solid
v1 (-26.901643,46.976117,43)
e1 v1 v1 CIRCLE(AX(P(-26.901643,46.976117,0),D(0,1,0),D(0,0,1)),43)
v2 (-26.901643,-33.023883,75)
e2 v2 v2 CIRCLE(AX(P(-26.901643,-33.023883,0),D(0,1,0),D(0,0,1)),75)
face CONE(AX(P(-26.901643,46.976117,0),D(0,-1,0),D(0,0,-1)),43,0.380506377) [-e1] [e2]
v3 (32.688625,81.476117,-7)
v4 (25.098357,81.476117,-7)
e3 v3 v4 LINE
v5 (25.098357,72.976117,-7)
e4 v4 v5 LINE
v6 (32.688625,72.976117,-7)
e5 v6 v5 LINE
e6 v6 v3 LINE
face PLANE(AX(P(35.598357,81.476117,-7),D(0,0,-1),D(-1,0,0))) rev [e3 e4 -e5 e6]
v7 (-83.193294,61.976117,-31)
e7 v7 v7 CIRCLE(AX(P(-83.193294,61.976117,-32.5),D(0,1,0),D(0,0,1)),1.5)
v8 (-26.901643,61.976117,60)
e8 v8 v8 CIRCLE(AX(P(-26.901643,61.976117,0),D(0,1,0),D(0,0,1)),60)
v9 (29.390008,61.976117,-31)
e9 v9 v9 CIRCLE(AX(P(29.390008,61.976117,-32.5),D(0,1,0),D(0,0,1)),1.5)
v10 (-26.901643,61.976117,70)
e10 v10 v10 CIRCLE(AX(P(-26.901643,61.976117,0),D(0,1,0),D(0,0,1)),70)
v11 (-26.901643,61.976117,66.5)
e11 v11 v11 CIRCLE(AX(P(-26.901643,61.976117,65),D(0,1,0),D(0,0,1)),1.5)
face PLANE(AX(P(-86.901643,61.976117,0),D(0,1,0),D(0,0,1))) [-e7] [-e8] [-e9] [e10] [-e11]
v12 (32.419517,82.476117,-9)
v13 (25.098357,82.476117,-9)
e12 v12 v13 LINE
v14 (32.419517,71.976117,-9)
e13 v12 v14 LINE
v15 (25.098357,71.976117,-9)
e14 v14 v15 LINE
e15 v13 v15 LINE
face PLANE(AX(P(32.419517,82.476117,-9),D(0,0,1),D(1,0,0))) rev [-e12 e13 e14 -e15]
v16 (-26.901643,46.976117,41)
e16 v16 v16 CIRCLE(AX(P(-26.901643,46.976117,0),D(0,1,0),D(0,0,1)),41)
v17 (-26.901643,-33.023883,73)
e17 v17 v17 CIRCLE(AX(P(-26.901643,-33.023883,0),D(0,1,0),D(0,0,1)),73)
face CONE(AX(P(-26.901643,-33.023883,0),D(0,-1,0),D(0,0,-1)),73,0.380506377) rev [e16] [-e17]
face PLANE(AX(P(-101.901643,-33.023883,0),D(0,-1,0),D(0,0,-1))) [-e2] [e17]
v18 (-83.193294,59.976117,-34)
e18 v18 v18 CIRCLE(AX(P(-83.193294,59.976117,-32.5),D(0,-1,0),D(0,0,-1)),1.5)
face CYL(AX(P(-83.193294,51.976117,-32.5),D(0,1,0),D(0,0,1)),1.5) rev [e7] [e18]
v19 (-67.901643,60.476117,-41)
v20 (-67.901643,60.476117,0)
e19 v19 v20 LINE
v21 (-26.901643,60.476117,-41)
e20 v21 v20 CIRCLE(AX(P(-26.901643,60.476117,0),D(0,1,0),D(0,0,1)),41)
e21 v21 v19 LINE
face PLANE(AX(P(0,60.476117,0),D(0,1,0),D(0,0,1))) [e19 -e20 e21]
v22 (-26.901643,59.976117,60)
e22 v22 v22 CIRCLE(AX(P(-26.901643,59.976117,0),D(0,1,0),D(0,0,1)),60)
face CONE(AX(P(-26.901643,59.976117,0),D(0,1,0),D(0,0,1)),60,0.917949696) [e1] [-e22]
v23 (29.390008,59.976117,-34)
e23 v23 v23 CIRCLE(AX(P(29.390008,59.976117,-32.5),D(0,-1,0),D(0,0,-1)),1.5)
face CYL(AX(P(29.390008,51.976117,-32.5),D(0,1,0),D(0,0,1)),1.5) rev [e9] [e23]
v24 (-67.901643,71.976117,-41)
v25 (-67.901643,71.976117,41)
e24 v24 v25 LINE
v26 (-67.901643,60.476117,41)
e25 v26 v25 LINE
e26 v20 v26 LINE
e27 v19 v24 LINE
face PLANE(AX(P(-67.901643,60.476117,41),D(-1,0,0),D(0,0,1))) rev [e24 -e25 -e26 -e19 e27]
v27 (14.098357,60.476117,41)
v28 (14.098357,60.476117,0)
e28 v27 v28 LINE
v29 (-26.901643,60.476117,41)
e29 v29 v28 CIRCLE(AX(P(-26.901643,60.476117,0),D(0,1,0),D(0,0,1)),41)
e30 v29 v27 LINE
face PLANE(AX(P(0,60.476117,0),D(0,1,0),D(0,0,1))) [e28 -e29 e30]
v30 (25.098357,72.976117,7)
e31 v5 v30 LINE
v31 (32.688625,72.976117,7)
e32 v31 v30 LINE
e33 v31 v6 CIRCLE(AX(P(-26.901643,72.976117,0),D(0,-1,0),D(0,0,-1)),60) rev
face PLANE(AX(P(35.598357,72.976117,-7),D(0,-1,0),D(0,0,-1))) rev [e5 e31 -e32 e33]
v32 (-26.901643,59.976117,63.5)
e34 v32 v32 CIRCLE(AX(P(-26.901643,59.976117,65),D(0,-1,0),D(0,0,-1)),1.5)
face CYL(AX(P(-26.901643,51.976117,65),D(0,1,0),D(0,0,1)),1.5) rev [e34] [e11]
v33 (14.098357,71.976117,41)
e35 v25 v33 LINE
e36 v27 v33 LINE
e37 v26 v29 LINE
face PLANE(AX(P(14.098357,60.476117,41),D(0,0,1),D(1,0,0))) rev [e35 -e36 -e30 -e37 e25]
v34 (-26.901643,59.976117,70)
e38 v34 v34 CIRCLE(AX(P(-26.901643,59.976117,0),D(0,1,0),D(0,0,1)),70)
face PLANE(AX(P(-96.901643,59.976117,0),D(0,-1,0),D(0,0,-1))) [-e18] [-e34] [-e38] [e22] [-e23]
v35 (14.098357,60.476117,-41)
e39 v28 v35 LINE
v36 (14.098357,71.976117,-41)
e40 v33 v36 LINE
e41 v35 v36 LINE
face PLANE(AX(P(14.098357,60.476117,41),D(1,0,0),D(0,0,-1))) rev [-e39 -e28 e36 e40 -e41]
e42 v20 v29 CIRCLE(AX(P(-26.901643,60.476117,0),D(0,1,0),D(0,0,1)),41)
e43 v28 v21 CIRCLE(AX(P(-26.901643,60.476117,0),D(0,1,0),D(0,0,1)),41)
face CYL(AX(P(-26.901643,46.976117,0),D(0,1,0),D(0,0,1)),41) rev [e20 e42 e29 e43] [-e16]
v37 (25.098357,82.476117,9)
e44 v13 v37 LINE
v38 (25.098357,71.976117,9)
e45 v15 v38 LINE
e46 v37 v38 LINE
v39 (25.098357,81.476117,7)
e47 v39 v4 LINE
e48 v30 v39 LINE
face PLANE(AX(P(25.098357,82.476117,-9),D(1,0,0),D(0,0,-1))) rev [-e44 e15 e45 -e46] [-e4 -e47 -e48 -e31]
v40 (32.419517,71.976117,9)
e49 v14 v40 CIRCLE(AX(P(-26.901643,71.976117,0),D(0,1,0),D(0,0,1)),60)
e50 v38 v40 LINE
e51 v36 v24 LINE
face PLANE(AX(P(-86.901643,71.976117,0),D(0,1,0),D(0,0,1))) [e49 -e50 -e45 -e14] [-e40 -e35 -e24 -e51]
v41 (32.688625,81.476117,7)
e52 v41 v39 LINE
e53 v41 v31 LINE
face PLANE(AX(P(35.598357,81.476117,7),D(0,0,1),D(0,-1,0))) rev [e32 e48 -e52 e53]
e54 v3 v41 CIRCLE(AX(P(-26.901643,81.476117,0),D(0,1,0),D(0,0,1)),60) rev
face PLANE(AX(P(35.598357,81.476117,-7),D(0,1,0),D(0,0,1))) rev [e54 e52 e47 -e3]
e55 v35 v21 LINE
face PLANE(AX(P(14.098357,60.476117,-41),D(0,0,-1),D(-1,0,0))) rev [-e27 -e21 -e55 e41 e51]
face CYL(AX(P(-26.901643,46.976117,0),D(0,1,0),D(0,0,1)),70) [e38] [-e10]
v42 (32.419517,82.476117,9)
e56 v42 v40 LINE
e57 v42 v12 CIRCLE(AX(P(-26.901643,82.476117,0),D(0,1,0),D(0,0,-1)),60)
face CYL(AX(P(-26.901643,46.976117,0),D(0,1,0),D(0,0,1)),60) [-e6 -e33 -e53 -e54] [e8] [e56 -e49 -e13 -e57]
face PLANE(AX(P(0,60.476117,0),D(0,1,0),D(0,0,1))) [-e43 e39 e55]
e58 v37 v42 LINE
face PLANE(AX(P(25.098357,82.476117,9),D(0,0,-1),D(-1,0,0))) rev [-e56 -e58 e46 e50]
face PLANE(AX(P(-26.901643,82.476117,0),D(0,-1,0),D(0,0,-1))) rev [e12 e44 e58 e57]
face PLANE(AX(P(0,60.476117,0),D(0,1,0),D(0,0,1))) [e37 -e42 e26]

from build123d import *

# Parameters (mm, degrees)
CROQUIS2_W              = 82
CROQUIS2_H              = 82
CORTAR_EXTRUIR1_DEPTH   = 11.5
SALIENTE_EXTRUIR1_DEPTH = 10.5
CROQUIS4_W              = 14
CROQUIS4_H              = 8.5
CORTAR_EXTRUIR2_DEPTH   = 10.5
CROQUIS5_R              = 1.5
CORTAR_EXTRUIR3_DEPTH   = 10


with BuildPart() as part:
    # Croquis1 → Revolución1 (revolve)
    with BuildSketch(Plane.XY):
        Polygon((-67.901642817, 46.97611702), (-67.901642817, 61.97611702), (-67.901642817, 71.97611702), (-86.901642817, 71.97611702), (-86.901642817, 61.97611702), (-96.901642817, 61.97611702), (-96.901642817, 59.97611702), (-86.901642817, 59.97611702), (-69.901642817, 46.97611702), (-101.901642817, -33.02388298), (-99.901642817, -33.02388298), align=None)
    revolve(axis=Axis((-26.901642817, 46.97611702, 0), (0, -1, 0)))

    # Croquis2 → Cortar-Extruir1 (cut)
    with BuildSketch(Plane(origin=(0, 71.97611702, 0), x_dir=(1, 0, 0), z_dir=(0, 1, 0))):
        with Locations((-26.901642817, 0)):
            Rectangle(CROQUIS2_W, CROQUIS2_H)
    extrude(amount=-CORTAR_EXTRUIR1_DEPTH, mode=Mode.SUBTRACT)

    # Croquis3 → Saliente-Extruir1 (add)
    with BuildSketch(Plane(origin=(0, 71.97611702, 0), x_dir=(1, 0, 0), z_dir=(0, 1, 0))):
        with BuildLine():
            Line((32.419516983, 9), (25.098357183, 9))
            Line((25.098357183, 9), (25.098357183, -9))
            Line((25.098357183, -9), (32.419516983, -9))
            ThreePointArc((32.419516983, -9), (33.098357183, 0), (32.419516983, 9))
        make_face()
    extrude(amount=SALIENTE_EXTRUIR1_DEPTH)

    # Croquis4 → Cortar-Extruir2 (cut)
    with BuildSketch(Plane.ZY.offset(-25.098357183)):
        with Locations((0, 77.22611702)):
            Rectangle(CROQUIS4_W, CROQUIS4_H)
    extrude(amount=-CORTAR_EXTRUIR2_DEPTH, mode=Mode.SUBTRACT)

    # Croquis5 → Cortar-Extruir3 (cut)
    with BuildSketch(Plane(origin=(0, 61.97611702, 0), x_dir=(1, 0, 0), z_dir=(0, 1, 0))):
        with Locations((-26.901642817, -65)):
            Circle(CROQUIS5_R)
        with Locations((-83.193294063, 32.5)):
            Circle(CROQUIS5_R)
        with Locations((29.390008429, 32.5)):
            Circle(CROQUIS5_R)
    extrude(amount=-CORTAR_EXTRUIR3_DEPTH, mode=Mode.SUBTRACT)


solid = part.part
